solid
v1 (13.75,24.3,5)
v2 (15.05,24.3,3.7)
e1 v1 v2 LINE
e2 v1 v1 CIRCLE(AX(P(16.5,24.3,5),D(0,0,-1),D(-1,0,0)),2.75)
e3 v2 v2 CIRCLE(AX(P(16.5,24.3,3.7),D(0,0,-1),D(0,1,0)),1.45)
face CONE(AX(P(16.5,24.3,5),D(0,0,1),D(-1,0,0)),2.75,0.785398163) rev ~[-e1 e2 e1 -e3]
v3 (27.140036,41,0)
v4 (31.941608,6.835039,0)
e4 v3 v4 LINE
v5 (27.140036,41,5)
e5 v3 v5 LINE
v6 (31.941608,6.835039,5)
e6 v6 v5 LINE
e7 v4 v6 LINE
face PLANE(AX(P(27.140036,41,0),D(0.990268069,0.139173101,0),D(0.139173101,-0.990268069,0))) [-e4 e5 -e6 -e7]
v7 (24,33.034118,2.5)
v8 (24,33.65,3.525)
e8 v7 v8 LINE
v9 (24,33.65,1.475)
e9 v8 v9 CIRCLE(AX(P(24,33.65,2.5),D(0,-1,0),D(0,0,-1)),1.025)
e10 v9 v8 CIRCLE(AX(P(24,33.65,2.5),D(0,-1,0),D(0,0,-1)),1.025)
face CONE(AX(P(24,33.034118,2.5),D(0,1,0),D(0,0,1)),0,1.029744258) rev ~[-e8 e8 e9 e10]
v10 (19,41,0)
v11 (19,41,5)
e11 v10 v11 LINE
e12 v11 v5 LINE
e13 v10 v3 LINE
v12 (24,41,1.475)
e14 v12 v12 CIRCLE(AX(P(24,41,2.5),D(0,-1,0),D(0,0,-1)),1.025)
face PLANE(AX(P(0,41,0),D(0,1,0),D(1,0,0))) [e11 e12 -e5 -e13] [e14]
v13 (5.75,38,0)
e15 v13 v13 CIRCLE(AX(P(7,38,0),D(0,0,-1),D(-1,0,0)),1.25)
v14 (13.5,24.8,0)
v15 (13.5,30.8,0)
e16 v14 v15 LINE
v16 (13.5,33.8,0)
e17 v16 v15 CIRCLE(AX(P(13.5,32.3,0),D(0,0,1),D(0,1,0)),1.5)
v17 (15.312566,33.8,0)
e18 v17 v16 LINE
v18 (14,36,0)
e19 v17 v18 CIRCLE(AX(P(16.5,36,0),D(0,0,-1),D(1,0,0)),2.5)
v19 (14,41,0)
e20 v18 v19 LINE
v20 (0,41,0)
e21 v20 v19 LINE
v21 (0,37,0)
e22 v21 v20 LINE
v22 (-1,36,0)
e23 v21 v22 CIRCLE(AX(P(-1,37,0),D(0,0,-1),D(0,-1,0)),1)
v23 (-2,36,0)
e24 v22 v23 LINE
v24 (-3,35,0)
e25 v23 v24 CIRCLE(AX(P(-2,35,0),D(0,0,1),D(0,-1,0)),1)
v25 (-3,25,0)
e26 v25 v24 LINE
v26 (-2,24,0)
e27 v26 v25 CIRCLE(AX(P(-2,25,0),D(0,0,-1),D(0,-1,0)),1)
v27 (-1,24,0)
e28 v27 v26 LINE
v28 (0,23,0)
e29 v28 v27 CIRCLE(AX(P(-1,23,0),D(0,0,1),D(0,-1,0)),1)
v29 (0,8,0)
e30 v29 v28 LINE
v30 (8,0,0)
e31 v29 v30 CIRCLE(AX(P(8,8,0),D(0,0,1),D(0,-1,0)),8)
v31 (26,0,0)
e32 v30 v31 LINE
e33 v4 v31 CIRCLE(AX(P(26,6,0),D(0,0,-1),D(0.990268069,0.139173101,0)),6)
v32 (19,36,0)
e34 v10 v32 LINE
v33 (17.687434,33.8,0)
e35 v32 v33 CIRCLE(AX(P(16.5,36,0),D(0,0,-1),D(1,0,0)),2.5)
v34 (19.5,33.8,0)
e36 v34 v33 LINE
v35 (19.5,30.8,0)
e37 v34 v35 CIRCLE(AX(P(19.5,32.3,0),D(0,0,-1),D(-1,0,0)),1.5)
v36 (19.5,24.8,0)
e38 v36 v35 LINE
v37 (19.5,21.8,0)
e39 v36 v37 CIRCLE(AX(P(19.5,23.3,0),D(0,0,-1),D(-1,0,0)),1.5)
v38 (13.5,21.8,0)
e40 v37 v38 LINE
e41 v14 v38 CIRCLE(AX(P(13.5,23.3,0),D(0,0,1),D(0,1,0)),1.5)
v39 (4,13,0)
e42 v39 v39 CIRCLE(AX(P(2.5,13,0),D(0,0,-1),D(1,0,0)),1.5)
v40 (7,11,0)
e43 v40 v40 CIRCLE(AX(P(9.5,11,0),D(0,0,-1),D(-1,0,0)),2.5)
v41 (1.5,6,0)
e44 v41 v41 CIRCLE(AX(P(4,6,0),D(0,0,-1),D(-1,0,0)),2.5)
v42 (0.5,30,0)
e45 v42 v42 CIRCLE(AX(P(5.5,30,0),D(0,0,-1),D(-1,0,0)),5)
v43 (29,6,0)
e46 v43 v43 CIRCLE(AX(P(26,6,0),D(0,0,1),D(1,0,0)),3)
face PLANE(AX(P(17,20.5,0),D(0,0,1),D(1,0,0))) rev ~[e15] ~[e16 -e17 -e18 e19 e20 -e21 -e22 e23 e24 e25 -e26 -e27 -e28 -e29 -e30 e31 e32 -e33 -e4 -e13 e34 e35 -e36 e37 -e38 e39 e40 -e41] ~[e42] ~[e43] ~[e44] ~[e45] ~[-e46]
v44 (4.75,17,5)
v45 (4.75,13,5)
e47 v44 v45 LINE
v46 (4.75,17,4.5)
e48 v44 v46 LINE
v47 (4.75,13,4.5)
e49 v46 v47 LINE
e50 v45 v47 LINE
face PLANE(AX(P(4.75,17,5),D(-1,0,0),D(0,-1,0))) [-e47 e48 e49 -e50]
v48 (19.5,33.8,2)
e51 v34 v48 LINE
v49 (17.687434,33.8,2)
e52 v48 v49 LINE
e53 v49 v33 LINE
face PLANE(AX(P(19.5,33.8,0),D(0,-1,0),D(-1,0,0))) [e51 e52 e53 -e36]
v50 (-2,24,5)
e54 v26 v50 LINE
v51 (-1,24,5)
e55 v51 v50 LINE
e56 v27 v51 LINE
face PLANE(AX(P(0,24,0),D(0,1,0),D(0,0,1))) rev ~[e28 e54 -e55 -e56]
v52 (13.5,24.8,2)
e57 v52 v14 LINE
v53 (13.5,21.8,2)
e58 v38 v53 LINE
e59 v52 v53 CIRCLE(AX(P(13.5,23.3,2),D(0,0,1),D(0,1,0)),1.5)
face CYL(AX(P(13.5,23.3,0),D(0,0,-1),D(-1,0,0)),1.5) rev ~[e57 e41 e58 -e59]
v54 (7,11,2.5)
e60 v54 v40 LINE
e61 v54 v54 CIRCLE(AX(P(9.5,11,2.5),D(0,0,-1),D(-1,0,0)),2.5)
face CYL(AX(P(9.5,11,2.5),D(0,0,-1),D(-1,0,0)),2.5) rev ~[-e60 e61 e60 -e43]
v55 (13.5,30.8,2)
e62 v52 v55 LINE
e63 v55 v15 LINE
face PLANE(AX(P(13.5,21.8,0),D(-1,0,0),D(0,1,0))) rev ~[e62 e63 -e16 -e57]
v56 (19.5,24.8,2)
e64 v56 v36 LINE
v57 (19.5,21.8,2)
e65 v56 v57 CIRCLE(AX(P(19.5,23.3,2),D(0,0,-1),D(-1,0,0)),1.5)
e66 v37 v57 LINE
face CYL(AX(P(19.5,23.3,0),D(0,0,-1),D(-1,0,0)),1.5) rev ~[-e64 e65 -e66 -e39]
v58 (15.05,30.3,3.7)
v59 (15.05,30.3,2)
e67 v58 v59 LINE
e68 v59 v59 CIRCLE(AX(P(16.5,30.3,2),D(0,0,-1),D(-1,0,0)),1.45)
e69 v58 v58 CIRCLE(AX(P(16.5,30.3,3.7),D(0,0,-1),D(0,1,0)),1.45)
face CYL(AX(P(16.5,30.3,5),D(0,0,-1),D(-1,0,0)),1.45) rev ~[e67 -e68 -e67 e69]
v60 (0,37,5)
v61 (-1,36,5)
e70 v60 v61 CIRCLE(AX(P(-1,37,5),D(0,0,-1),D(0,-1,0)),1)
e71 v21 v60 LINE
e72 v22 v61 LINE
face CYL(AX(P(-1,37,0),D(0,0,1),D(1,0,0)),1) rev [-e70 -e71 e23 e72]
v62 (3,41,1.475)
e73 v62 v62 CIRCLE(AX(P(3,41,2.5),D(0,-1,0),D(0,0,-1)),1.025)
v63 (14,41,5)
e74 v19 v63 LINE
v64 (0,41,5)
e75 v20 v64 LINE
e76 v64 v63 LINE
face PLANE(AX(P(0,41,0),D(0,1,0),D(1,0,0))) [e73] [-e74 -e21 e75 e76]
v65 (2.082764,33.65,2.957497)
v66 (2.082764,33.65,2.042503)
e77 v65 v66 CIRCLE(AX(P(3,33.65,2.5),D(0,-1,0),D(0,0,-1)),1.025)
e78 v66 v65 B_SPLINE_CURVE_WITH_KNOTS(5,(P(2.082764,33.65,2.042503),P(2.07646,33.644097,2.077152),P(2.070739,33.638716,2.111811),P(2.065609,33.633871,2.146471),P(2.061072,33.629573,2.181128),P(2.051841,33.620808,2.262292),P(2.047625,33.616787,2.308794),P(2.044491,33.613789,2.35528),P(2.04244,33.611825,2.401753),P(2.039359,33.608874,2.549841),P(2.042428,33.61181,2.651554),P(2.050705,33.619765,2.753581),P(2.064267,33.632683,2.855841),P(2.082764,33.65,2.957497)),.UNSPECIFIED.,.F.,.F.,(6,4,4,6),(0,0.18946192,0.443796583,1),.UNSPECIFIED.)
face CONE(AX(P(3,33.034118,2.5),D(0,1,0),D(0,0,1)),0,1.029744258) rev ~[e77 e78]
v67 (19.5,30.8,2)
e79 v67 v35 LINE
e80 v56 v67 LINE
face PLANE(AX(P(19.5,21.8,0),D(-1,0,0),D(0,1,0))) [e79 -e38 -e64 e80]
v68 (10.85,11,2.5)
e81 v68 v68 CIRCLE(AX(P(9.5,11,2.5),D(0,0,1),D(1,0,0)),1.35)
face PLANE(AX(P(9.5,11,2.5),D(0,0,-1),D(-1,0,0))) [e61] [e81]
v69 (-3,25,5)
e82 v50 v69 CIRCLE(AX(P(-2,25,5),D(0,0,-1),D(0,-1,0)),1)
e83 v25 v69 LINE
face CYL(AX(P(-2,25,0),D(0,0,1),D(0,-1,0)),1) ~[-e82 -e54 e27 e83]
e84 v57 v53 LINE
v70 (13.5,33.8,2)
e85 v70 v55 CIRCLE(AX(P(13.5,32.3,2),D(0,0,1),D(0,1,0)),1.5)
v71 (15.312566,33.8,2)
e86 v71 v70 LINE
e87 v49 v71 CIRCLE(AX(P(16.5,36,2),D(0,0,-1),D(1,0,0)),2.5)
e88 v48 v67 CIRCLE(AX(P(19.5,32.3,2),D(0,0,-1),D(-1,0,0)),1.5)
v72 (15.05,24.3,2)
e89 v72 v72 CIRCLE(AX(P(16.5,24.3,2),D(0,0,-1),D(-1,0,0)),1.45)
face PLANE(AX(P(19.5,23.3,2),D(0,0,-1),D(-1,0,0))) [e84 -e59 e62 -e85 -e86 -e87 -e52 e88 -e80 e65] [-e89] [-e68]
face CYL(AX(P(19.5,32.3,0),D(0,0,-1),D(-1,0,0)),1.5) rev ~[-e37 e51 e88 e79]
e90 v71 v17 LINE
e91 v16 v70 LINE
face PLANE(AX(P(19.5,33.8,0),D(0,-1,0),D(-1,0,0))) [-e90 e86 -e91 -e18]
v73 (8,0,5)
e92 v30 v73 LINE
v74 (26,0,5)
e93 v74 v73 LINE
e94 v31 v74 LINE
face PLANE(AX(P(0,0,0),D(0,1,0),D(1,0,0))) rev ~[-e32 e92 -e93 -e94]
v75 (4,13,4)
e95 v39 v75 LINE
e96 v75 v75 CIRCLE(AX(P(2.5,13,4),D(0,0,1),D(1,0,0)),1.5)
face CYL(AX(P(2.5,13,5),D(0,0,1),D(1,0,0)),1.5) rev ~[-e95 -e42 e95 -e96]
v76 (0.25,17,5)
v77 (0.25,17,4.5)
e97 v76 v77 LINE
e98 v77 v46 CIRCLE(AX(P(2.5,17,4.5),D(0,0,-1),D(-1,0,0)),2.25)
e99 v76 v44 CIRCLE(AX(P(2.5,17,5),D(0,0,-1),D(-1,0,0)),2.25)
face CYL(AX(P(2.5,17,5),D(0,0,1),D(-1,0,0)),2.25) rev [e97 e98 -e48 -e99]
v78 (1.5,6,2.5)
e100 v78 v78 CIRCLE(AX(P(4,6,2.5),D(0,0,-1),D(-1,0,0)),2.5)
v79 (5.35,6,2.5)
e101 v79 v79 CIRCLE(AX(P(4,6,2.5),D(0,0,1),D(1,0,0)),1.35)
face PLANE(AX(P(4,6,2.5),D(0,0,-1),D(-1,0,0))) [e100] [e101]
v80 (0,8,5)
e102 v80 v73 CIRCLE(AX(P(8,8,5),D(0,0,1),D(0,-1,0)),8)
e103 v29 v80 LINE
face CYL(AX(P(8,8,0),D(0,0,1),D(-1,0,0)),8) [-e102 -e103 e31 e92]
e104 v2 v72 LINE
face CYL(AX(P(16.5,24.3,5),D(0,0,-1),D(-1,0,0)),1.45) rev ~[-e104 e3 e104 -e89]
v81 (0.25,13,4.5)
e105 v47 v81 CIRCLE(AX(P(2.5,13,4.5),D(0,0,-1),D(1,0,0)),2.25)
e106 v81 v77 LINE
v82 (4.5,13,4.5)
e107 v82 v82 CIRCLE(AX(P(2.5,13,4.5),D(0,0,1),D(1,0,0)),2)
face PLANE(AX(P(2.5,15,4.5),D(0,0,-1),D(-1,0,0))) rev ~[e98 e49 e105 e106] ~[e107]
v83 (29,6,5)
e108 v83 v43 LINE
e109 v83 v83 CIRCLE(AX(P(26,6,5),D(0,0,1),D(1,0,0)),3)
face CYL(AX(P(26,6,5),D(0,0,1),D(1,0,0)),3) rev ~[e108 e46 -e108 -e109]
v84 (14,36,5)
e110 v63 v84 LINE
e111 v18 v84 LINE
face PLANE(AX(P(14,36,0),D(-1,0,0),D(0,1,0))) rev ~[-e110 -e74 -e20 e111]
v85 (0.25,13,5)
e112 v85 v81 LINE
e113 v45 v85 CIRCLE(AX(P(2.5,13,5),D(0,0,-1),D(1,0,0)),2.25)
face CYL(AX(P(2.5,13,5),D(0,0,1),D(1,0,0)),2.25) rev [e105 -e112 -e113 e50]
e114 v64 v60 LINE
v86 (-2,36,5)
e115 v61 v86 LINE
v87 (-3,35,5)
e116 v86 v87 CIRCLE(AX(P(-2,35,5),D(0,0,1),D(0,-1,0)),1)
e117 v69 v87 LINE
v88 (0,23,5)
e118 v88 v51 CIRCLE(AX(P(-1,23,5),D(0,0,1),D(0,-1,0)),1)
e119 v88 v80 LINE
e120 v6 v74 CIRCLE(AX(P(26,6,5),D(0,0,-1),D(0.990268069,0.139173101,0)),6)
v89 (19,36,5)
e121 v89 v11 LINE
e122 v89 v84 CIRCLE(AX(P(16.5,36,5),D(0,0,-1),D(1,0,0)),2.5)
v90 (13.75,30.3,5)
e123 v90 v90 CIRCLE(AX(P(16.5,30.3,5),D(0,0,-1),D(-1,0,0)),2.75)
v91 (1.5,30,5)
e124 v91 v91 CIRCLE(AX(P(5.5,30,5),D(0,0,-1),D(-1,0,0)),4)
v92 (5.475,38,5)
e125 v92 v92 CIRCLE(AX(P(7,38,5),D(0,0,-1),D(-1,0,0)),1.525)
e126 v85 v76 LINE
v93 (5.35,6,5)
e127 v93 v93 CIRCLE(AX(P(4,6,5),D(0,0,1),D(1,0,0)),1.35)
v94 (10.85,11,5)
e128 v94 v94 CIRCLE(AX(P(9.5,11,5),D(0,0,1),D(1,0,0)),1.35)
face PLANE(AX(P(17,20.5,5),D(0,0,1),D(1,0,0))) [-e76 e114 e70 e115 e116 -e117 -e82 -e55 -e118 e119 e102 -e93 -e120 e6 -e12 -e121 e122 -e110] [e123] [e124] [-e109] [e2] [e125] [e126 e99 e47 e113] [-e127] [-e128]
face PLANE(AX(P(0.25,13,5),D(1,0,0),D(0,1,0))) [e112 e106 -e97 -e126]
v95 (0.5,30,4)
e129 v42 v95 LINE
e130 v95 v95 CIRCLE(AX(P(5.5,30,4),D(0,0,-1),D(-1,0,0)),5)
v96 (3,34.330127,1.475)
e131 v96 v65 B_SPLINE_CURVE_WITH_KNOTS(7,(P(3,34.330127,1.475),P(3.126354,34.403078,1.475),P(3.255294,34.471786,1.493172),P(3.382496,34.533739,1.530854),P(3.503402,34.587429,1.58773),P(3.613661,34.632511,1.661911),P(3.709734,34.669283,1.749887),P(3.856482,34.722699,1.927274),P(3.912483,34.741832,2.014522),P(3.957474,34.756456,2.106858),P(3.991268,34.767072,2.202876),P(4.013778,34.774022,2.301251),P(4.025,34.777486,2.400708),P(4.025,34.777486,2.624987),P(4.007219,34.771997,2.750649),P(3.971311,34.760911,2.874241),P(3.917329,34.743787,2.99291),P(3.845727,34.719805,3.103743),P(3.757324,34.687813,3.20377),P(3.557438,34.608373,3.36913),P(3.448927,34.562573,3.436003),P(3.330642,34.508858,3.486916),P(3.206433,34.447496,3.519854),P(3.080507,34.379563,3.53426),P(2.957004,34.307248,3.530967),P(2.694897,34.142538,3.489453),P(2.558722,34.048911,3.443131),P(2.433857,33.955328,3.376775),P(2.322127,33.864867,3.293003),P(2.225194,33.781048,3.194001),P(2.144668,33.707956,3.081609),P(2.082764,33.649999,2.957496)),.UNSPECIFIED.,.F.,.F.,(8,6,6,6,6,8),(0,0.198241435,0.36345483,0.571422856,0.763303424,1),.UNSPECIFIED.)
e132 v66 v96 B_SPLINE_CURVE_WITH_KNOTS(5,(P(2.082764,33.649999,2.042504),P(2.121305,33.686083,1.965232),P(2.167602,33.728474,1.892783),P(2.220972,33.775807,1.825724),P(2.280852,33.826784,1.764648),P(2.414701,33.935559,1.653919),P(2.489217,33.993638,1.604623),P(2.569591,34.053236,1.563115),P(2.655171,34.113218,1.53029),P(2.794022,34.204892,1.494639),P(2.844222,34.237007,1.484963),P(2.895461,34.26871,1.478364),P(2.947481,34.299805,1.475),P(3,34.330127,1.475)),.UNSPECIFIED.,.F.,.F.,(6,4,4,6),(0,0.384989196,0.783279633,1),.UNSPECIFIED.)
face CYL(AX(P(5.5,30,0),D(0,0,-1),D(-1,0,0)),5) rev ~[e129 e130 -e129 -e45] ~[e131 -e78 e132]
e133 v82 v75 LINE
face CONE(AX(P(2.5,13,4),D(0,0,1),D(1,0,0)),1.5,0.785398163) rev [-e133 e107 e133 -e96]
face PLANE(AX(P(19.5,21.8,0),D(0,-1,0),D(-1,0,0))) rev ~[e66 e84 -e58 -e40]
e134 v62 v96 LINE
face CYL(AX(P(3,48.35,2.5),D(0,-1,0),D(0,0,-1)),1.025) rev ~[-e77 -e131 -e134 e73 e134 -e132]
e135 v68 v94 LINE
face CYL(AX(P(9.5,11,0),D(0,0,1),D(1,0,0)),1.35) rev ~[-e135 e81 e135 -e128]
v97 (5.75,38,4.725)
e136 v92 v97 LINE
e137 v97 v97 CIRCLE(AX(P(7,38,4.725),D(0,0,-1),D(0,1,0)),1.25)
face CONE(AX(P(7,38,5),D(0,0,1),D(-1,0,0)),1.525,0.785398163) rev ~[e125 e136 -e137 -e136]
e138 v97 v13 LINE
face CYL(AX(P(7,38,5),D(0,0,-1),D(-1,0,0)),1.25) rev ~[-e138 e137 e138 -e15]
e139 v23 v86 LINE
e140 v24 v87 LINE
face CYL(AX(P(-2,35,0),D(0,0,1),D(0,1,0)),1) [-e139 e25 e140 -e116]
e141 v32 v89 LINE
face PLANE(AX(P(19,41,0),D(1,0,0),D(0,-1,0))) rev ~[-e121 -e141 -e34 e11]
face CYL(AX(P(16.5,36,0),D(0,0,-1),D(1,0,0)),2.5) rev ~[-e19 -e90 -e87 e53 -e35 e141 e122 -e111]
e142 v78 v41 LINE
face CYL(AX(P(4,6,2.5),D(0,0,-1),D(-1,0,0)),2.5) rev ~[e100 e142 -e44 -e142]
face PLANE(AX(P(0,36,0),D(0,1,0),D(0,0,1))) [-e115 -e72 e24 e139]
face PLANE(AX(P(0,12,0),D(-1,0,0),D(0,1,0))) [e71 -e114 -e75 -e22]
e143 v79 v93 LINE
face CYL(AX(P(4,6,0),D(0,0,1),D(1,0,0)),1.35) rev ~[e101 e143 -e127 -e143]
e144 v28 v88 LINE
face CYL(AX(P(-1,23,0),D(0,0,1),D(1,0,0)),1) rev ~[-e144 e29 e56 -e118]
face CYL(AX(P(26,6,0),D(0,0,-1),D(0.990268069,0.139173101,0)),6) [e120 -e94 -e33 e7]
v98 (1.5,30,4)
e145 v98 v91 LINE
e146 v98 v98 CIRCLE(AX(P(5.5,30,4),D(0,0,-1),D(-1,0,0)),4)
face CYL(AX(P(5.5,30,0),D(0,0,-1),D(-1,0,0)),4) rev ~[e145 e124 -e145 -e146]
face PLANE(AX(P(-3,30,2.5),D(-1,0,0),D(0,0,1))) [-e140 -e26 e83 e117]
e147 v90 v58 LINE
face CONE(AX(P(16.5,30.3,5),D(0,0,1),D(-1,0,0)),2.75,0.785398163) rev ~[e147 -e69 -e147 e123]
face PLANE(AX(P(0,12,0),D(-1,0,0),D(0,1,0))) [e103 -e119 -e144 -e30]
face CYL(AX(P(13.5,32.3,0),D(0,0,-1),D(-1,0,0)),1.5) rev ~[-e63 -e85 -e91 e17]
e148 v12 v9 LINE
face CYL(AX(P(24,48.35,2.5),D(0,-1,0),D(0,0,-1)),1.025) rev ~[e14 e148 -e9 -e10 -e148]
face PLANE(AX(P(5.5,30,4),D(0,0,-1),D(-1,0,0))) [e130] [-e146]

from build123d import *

# Parameters (mm, degrees)
SKETCH_1_W                                           = 34
SKETCH_1_H                                           = 41
EXTRUDE_1_DEPTH                                      = 5
FILLET_1_R                                           = 8
SKETCH_2_R                                           = 3
CUT_EXTRUDE_2_DEPTH                                  = 5
SKETCH_3_R                                           = 4
CUT_EXTRUDE_3_DEPTH                                  = 5
SKETCH_4_R                                           = 5
CUT_EXTRUDE_4_DEPTH                                  = 4
HOLE_WIZARD_M2_5_1_D                                 = 2.05
HOLE_WIZARD_M2_5_1_DEPTH                             = 7.35
HOLE_WIZARD_M2_5_1_TIP                               = 0.615882135
CUT_EXTRUDE_5_DEPTH                                  = 10
EXTRUDE1_START                                       = -5
EXTRUDE1_DEPTH                                       = 5
SKETCH_8_R                                           = 1.5
CUT_EXTRUDE_6_DEPTH                                  = 4.5
SKETCH9_R                                            = 0.5
EXTRUDE5_DEPTH                                       = 53.203927134
CUT_EXTRUDE_7_DEPTH                                  = 0.5
CHAMFER_3_SIZE                                       = 0.5
SKETCH2_W                                            = 6
SKETCH2_H                                            = 12
EXTRUDE2_DEPTH                                       = 2
SKETCH7_R                                            = 1.5
EXTRUDE3_DEPTH                                       = 2
EXTRUDE4_DEPTH                                       = 53.249401989
SKETCH10_R                                           = 1.5
EXTRUDE6_DEPTH                                       = 10
CBORE_FOR_M2_5_HEXAGON_SOCKET_HEAD_CAP_S_D           = 2.7
CBORE_FOR_M2_5_HEXAGON_SOCKET_HEAD_CAP_S_CBORE_D     = 5
CBORE_FOR_M2_5_HEXAGON_SOCKET_HEAD_CAP_S_CBORE_DEPTH = 2.5
HOLE_WIZARD_M2_5_1_2_D                               = 2.9
HOLE_WIZARD_M2_5_1_2_CSINK_D                         = 5.5
HOLE_WIZARD_M2_5_1_2_CSINK_ANGLE                     = 90
SKETCH_21_W                                          = 5
SKETCH_21_H                                          = 12
EXTRUDE_1_2_DEPTH                                    = 3
FILLET_2_R                                           = 1
M3X0_5_1_D                                           = 2.5
M3X0_5_1_CSINK_D                                     = 3.05
M3X0_5_1_CSINK_ANGLE                                 = 90


with BuildPart() as part:
    # 草图1 → Extrude 1 (new body)
    with BuildSketch(Plane.XY):
        with Locations((17, 20.5)):
            Rectangle(SKETCH_1_W, SKETCH_1_H)
    extrude(amount=EXTRUDE_1_DEPTH)

    # 圆角1
    fillet_1_edges = [part.edges().sort_by_distance(p)[0] for p in [
        (0, 0, 2.5),
    ]]
    fillet(fillet_1_edges, radius=FILLET_1_R)

    # 草图2 → 拉伸2 (cut)
    with BuildSketch(Plane.XY.offset(5)):
        with Locations((26, 6)):
            Circle(SKETCH_2_R)
    extrude(amount=-CUT_EXTRUDE_2_DEPTH, mode=Mode.SUBTRACT)

    # 草图3 → 拉伸3 (cut)
    with BuildSketch(Plane(origin=(0, 0, 0), x_dir=(-1, 0, 0), z_dir=(0, 0, -1))):
        with Locations((-5.5, 30)):
            Circle(SKETCH_3_R)
    extrude(amount=-CUT_EXTRUDE_3_DEPTH, mode=Mode.SUBTRACT)

    # 草图4 → 拉伸4 (cut)
    with BuildSketch(Plane(origin=(0, 0, 0), x_dir=(-1, 0, 0), z_dir=(0, 0, -1))):
        with Locations((-5.5, 30)):
            Circle(SKETCH_4_R)
    extrude(amount=-CUT_EXTRUDE_4_DEPTH, mode=Mode.SUBTRACT)

    # Hole Wizard M2.5 _1
    with Locations(Plane(origin=(3, 41, 2.5), x_dir=(0, 0, 1), z_dir=(0, 1, 0))):
        with Locations((0, 0), (0, 21)):
            Hole(HOLE_WIZARD_M2_5_1_D / 2, depth=HOLE_WIZARD_M2_5_1_DEPTH)
            with Locations((0, 0, -(HOLE_WIZARD_M2_5_1_DEPTH + HOLE_WIZARD_M2_5_1_TIP / 2))):  # 118° drill point
                Cone(0, HOLE_WIZARD_M2_5_1_D / 2, HOLE_WIZARD_M2_5_1_TIP, mode=Mode.SUBTRACT)

    # 草图7 → 拉伸5 (cut)
    with BuildSketch(Plane(origin=(0, 0, 0), x_dir=(-1, 0, 0), z_dir=(0, 0, -1))):
        with BuildLine():
            Line((-26, 0), (-34, 0))
            Line((-34, 0), (-34, 41))
            Line((-34, 41), (-27.140036221, 41))
            Line((-27.140036221, 41), (-31.941608412, 6.835038606))
            ThreePointArc((-31.941608412, 6.835038606), (-30.528257481, 2.063645826), (-26, 0))
        make_face()
    extrude(amount=-CUT_EXTRUDE_5_DEPTH, mode=Mode.SUBTRACT)

    # Sketch1 → Extrude1 (add)
    with BuildSketch(Plane.XY.offset(5).offset(EXTRUDE1_START)):
        with BuildLine():
            Line((26, 0), (12, 0))
            ThreePointArc((12, 0), (3.514718626, 3.514718626), (0, 12))
            Line((0, 12), (0, 12.980209143))
            Line((0, 12.980209143), (29.441458618, 1.085087734))
            ThreePointArc((29.441458618, 1.085087734), (27.804234797, 0.277698296), (26, 0))
        make_face()
    extrude(amount=EXTRUDE1_DEPTH)

    # 草图8 → 拉伸6 (cut)
    with BuildSketch(Plane.XY.offset(5)):
        with Locations((2.5, 13)):
            Circle(SKETCH_8_R)
    extrude(amount=-CUT_EXTRUDE_6_DEPTH, mode=Mode.SUBTRACT)

    # Sketch9 → Extrude5 (cut, through all)
    with BuildSketch(Plane.XY.offset(0.5)):
        with Locations((1.5, 13)):
            Circle(SKETCH9_R)
    extrude(amount=-EXTRUDE5_DEPTH, mode=Mode.SUBTRACT)

    # 草图9 → 拉伸7 (cut)
    with BuildSketch(Plane.XY.offset(5)):
        with BuildLine():
            Line((0.25, 13), (0.25, 17))
            ThreePointArc((0.25, 17), (2.5, 19.25), (4.75, 17))
            Line((4.75, 17), (4.75, 13))
            ThreePointArc((4.75, 13), (2.5, 10.75), (0.25, 13))
        make_face()
    extrude(amount=-CUT_EXTRUDE_7_DEPTH, mode=Mode.SUBTRACT)

    # 倒角3
    chamfer_3_edges = [part.edges().sort_by_distance(p)[0] for p in [
        (1, 13, 4.5),
    ]]
    chamfer(chamfer_3_edges, length=CHAMFER_3_SIZE)

    # Sketch2 → Extrude2 (cut)
    with BuildSketch(Plane(origin=(0, 0, 0), x_dir=(-1, 0, 0), z_dir=(0, 0, -1))):
        with Locations((-16.5, 27.8)):
            Rectangle(SKETCH2_W, SKETCH2_H)
    extrude(amount=-EXTRUDE2_DEPTH, mode=Mode.SUBTRACT)

    # Sketch7 → Extrude3 (cut)
    with BuildSketch(Plane(origin=(0, 0, 0), x_dir=(-1, 0, 0), z_dir=(0, 0, -1))):
        with Locations((-19.5, 32.3)):
            Circle(SKETCH7_R)
        with Locations((-13.5, 32.3)):
            Circle(SKETCH7_R)
        with Locations((-19.5, 23.3)):
            Circle(SKETCH7_R)
        with Locations((-13.5, 23.3)):
            Circle(SKETCH7_R)
    extrude(amount=-EXTRUDE3_DEPTH, mode=Mode.SUBTRACT)

    # Sketch8 → Extrude4 (cut, through all)
    with BuildSketch(Plane(origin=(0, 0, 0), x_dir=(-1, 0, 0), z_dir=(0, 0, -1))):
        with BuildLine():
            Line((-14, 36), (-14, 41))
            Line((-14, 41), (-19, 41))
            Line((-19, 41), (-19, 36))
            ThreePointArc((-19, 36), (-16.5, 33.5), (-14, 36))
        make_face()
    extrude(amount=-EXTRUDE4_DEPTH, mode=Mode.SUBTRACT)

    # Sketch10 → Extrude6 (cut)
    with BuildSketch(Plane.XY.offset(4.5)):
        with Locations((2.5, 13)):
            Circle(SKETCH10_R)
    extrude(amount=-EXTRUDE6_DEPTH, mode=Mode.SUBTRACT)

    # CBORE for M2.5 Hexagon socket head cap screws1 (through all)
    with Locations(Plane(origin=(4, 6, 0), x_dir=(-1, 0, 0), z_dir=(0, 0, -1))):
        with Locations((0, 0), (-5.5, 5)):
            CounterBoreHole(CBORE_FOR_M2_5_HEXAGON_SOCKET_HEAD_CAP_S_D / 2, CBORE_FOR_M2_5_HEXAGON_SOCKET_HEAD_CAP_S_CBORE_D / 2, CBORE_FOR_M2_5_HEXAGON_SOCKET_HEAD_CAP_S_CBORE_DEPTH)

    # Hole Wizard M2.5 _1 2 (through all)
    with Locations(Plane(origin=(16.5, 30.3, 5), x_dir=(1, 0, 0), z_dir=(0, 0, 1))):
        with Locations((0, 0), (0, -6)):
            CounterSinkHole(HOLE_WIZARD_M2_5_1_2_D / 2, HOLE_WIZARD_M2_5_1_2_CSINK_D / 2, counter_sink_angle=HOLE_WIZARD_M2_5_1_2_CSINK_ANGLE)

    # 草图21 → Extrude 1 2 (add)
    with BuildSketch(Plane.ZY):
        with Locations((2.5, 30)):
            Rectangle(SKETCH_21_W, SKETCH_21_H)
    extrude(amount=EXTRUDE_1_2_DEPTH)

    # 圆角2
    fillet_2_edges = [part.edges().sort_by_distance(p)[0] for p in [
        (0, 24, 2.5),
        (-3, 36, 2.5),
        (-3, 24, 2.5),
        (0, 36, 2.5),
    ]]
    fillet(fillet_2_edges, radius=FILLET_2_R)

    # M3x0.5 螺纹孔1 (through all)
    with Locations(Plane(origin=(7, 38, 5), x_dir=(1, 0, 0), z_dir=(0, 0, 1))):
        with Locations((0, 0)):
            CounterSinkHole(M3X0_5_1_D / 2, M3X0_5_1_CSINK_D / 2, counter_sink_angle=M3X0_5_1_CSINK_ANGLE)


solid = part.part
